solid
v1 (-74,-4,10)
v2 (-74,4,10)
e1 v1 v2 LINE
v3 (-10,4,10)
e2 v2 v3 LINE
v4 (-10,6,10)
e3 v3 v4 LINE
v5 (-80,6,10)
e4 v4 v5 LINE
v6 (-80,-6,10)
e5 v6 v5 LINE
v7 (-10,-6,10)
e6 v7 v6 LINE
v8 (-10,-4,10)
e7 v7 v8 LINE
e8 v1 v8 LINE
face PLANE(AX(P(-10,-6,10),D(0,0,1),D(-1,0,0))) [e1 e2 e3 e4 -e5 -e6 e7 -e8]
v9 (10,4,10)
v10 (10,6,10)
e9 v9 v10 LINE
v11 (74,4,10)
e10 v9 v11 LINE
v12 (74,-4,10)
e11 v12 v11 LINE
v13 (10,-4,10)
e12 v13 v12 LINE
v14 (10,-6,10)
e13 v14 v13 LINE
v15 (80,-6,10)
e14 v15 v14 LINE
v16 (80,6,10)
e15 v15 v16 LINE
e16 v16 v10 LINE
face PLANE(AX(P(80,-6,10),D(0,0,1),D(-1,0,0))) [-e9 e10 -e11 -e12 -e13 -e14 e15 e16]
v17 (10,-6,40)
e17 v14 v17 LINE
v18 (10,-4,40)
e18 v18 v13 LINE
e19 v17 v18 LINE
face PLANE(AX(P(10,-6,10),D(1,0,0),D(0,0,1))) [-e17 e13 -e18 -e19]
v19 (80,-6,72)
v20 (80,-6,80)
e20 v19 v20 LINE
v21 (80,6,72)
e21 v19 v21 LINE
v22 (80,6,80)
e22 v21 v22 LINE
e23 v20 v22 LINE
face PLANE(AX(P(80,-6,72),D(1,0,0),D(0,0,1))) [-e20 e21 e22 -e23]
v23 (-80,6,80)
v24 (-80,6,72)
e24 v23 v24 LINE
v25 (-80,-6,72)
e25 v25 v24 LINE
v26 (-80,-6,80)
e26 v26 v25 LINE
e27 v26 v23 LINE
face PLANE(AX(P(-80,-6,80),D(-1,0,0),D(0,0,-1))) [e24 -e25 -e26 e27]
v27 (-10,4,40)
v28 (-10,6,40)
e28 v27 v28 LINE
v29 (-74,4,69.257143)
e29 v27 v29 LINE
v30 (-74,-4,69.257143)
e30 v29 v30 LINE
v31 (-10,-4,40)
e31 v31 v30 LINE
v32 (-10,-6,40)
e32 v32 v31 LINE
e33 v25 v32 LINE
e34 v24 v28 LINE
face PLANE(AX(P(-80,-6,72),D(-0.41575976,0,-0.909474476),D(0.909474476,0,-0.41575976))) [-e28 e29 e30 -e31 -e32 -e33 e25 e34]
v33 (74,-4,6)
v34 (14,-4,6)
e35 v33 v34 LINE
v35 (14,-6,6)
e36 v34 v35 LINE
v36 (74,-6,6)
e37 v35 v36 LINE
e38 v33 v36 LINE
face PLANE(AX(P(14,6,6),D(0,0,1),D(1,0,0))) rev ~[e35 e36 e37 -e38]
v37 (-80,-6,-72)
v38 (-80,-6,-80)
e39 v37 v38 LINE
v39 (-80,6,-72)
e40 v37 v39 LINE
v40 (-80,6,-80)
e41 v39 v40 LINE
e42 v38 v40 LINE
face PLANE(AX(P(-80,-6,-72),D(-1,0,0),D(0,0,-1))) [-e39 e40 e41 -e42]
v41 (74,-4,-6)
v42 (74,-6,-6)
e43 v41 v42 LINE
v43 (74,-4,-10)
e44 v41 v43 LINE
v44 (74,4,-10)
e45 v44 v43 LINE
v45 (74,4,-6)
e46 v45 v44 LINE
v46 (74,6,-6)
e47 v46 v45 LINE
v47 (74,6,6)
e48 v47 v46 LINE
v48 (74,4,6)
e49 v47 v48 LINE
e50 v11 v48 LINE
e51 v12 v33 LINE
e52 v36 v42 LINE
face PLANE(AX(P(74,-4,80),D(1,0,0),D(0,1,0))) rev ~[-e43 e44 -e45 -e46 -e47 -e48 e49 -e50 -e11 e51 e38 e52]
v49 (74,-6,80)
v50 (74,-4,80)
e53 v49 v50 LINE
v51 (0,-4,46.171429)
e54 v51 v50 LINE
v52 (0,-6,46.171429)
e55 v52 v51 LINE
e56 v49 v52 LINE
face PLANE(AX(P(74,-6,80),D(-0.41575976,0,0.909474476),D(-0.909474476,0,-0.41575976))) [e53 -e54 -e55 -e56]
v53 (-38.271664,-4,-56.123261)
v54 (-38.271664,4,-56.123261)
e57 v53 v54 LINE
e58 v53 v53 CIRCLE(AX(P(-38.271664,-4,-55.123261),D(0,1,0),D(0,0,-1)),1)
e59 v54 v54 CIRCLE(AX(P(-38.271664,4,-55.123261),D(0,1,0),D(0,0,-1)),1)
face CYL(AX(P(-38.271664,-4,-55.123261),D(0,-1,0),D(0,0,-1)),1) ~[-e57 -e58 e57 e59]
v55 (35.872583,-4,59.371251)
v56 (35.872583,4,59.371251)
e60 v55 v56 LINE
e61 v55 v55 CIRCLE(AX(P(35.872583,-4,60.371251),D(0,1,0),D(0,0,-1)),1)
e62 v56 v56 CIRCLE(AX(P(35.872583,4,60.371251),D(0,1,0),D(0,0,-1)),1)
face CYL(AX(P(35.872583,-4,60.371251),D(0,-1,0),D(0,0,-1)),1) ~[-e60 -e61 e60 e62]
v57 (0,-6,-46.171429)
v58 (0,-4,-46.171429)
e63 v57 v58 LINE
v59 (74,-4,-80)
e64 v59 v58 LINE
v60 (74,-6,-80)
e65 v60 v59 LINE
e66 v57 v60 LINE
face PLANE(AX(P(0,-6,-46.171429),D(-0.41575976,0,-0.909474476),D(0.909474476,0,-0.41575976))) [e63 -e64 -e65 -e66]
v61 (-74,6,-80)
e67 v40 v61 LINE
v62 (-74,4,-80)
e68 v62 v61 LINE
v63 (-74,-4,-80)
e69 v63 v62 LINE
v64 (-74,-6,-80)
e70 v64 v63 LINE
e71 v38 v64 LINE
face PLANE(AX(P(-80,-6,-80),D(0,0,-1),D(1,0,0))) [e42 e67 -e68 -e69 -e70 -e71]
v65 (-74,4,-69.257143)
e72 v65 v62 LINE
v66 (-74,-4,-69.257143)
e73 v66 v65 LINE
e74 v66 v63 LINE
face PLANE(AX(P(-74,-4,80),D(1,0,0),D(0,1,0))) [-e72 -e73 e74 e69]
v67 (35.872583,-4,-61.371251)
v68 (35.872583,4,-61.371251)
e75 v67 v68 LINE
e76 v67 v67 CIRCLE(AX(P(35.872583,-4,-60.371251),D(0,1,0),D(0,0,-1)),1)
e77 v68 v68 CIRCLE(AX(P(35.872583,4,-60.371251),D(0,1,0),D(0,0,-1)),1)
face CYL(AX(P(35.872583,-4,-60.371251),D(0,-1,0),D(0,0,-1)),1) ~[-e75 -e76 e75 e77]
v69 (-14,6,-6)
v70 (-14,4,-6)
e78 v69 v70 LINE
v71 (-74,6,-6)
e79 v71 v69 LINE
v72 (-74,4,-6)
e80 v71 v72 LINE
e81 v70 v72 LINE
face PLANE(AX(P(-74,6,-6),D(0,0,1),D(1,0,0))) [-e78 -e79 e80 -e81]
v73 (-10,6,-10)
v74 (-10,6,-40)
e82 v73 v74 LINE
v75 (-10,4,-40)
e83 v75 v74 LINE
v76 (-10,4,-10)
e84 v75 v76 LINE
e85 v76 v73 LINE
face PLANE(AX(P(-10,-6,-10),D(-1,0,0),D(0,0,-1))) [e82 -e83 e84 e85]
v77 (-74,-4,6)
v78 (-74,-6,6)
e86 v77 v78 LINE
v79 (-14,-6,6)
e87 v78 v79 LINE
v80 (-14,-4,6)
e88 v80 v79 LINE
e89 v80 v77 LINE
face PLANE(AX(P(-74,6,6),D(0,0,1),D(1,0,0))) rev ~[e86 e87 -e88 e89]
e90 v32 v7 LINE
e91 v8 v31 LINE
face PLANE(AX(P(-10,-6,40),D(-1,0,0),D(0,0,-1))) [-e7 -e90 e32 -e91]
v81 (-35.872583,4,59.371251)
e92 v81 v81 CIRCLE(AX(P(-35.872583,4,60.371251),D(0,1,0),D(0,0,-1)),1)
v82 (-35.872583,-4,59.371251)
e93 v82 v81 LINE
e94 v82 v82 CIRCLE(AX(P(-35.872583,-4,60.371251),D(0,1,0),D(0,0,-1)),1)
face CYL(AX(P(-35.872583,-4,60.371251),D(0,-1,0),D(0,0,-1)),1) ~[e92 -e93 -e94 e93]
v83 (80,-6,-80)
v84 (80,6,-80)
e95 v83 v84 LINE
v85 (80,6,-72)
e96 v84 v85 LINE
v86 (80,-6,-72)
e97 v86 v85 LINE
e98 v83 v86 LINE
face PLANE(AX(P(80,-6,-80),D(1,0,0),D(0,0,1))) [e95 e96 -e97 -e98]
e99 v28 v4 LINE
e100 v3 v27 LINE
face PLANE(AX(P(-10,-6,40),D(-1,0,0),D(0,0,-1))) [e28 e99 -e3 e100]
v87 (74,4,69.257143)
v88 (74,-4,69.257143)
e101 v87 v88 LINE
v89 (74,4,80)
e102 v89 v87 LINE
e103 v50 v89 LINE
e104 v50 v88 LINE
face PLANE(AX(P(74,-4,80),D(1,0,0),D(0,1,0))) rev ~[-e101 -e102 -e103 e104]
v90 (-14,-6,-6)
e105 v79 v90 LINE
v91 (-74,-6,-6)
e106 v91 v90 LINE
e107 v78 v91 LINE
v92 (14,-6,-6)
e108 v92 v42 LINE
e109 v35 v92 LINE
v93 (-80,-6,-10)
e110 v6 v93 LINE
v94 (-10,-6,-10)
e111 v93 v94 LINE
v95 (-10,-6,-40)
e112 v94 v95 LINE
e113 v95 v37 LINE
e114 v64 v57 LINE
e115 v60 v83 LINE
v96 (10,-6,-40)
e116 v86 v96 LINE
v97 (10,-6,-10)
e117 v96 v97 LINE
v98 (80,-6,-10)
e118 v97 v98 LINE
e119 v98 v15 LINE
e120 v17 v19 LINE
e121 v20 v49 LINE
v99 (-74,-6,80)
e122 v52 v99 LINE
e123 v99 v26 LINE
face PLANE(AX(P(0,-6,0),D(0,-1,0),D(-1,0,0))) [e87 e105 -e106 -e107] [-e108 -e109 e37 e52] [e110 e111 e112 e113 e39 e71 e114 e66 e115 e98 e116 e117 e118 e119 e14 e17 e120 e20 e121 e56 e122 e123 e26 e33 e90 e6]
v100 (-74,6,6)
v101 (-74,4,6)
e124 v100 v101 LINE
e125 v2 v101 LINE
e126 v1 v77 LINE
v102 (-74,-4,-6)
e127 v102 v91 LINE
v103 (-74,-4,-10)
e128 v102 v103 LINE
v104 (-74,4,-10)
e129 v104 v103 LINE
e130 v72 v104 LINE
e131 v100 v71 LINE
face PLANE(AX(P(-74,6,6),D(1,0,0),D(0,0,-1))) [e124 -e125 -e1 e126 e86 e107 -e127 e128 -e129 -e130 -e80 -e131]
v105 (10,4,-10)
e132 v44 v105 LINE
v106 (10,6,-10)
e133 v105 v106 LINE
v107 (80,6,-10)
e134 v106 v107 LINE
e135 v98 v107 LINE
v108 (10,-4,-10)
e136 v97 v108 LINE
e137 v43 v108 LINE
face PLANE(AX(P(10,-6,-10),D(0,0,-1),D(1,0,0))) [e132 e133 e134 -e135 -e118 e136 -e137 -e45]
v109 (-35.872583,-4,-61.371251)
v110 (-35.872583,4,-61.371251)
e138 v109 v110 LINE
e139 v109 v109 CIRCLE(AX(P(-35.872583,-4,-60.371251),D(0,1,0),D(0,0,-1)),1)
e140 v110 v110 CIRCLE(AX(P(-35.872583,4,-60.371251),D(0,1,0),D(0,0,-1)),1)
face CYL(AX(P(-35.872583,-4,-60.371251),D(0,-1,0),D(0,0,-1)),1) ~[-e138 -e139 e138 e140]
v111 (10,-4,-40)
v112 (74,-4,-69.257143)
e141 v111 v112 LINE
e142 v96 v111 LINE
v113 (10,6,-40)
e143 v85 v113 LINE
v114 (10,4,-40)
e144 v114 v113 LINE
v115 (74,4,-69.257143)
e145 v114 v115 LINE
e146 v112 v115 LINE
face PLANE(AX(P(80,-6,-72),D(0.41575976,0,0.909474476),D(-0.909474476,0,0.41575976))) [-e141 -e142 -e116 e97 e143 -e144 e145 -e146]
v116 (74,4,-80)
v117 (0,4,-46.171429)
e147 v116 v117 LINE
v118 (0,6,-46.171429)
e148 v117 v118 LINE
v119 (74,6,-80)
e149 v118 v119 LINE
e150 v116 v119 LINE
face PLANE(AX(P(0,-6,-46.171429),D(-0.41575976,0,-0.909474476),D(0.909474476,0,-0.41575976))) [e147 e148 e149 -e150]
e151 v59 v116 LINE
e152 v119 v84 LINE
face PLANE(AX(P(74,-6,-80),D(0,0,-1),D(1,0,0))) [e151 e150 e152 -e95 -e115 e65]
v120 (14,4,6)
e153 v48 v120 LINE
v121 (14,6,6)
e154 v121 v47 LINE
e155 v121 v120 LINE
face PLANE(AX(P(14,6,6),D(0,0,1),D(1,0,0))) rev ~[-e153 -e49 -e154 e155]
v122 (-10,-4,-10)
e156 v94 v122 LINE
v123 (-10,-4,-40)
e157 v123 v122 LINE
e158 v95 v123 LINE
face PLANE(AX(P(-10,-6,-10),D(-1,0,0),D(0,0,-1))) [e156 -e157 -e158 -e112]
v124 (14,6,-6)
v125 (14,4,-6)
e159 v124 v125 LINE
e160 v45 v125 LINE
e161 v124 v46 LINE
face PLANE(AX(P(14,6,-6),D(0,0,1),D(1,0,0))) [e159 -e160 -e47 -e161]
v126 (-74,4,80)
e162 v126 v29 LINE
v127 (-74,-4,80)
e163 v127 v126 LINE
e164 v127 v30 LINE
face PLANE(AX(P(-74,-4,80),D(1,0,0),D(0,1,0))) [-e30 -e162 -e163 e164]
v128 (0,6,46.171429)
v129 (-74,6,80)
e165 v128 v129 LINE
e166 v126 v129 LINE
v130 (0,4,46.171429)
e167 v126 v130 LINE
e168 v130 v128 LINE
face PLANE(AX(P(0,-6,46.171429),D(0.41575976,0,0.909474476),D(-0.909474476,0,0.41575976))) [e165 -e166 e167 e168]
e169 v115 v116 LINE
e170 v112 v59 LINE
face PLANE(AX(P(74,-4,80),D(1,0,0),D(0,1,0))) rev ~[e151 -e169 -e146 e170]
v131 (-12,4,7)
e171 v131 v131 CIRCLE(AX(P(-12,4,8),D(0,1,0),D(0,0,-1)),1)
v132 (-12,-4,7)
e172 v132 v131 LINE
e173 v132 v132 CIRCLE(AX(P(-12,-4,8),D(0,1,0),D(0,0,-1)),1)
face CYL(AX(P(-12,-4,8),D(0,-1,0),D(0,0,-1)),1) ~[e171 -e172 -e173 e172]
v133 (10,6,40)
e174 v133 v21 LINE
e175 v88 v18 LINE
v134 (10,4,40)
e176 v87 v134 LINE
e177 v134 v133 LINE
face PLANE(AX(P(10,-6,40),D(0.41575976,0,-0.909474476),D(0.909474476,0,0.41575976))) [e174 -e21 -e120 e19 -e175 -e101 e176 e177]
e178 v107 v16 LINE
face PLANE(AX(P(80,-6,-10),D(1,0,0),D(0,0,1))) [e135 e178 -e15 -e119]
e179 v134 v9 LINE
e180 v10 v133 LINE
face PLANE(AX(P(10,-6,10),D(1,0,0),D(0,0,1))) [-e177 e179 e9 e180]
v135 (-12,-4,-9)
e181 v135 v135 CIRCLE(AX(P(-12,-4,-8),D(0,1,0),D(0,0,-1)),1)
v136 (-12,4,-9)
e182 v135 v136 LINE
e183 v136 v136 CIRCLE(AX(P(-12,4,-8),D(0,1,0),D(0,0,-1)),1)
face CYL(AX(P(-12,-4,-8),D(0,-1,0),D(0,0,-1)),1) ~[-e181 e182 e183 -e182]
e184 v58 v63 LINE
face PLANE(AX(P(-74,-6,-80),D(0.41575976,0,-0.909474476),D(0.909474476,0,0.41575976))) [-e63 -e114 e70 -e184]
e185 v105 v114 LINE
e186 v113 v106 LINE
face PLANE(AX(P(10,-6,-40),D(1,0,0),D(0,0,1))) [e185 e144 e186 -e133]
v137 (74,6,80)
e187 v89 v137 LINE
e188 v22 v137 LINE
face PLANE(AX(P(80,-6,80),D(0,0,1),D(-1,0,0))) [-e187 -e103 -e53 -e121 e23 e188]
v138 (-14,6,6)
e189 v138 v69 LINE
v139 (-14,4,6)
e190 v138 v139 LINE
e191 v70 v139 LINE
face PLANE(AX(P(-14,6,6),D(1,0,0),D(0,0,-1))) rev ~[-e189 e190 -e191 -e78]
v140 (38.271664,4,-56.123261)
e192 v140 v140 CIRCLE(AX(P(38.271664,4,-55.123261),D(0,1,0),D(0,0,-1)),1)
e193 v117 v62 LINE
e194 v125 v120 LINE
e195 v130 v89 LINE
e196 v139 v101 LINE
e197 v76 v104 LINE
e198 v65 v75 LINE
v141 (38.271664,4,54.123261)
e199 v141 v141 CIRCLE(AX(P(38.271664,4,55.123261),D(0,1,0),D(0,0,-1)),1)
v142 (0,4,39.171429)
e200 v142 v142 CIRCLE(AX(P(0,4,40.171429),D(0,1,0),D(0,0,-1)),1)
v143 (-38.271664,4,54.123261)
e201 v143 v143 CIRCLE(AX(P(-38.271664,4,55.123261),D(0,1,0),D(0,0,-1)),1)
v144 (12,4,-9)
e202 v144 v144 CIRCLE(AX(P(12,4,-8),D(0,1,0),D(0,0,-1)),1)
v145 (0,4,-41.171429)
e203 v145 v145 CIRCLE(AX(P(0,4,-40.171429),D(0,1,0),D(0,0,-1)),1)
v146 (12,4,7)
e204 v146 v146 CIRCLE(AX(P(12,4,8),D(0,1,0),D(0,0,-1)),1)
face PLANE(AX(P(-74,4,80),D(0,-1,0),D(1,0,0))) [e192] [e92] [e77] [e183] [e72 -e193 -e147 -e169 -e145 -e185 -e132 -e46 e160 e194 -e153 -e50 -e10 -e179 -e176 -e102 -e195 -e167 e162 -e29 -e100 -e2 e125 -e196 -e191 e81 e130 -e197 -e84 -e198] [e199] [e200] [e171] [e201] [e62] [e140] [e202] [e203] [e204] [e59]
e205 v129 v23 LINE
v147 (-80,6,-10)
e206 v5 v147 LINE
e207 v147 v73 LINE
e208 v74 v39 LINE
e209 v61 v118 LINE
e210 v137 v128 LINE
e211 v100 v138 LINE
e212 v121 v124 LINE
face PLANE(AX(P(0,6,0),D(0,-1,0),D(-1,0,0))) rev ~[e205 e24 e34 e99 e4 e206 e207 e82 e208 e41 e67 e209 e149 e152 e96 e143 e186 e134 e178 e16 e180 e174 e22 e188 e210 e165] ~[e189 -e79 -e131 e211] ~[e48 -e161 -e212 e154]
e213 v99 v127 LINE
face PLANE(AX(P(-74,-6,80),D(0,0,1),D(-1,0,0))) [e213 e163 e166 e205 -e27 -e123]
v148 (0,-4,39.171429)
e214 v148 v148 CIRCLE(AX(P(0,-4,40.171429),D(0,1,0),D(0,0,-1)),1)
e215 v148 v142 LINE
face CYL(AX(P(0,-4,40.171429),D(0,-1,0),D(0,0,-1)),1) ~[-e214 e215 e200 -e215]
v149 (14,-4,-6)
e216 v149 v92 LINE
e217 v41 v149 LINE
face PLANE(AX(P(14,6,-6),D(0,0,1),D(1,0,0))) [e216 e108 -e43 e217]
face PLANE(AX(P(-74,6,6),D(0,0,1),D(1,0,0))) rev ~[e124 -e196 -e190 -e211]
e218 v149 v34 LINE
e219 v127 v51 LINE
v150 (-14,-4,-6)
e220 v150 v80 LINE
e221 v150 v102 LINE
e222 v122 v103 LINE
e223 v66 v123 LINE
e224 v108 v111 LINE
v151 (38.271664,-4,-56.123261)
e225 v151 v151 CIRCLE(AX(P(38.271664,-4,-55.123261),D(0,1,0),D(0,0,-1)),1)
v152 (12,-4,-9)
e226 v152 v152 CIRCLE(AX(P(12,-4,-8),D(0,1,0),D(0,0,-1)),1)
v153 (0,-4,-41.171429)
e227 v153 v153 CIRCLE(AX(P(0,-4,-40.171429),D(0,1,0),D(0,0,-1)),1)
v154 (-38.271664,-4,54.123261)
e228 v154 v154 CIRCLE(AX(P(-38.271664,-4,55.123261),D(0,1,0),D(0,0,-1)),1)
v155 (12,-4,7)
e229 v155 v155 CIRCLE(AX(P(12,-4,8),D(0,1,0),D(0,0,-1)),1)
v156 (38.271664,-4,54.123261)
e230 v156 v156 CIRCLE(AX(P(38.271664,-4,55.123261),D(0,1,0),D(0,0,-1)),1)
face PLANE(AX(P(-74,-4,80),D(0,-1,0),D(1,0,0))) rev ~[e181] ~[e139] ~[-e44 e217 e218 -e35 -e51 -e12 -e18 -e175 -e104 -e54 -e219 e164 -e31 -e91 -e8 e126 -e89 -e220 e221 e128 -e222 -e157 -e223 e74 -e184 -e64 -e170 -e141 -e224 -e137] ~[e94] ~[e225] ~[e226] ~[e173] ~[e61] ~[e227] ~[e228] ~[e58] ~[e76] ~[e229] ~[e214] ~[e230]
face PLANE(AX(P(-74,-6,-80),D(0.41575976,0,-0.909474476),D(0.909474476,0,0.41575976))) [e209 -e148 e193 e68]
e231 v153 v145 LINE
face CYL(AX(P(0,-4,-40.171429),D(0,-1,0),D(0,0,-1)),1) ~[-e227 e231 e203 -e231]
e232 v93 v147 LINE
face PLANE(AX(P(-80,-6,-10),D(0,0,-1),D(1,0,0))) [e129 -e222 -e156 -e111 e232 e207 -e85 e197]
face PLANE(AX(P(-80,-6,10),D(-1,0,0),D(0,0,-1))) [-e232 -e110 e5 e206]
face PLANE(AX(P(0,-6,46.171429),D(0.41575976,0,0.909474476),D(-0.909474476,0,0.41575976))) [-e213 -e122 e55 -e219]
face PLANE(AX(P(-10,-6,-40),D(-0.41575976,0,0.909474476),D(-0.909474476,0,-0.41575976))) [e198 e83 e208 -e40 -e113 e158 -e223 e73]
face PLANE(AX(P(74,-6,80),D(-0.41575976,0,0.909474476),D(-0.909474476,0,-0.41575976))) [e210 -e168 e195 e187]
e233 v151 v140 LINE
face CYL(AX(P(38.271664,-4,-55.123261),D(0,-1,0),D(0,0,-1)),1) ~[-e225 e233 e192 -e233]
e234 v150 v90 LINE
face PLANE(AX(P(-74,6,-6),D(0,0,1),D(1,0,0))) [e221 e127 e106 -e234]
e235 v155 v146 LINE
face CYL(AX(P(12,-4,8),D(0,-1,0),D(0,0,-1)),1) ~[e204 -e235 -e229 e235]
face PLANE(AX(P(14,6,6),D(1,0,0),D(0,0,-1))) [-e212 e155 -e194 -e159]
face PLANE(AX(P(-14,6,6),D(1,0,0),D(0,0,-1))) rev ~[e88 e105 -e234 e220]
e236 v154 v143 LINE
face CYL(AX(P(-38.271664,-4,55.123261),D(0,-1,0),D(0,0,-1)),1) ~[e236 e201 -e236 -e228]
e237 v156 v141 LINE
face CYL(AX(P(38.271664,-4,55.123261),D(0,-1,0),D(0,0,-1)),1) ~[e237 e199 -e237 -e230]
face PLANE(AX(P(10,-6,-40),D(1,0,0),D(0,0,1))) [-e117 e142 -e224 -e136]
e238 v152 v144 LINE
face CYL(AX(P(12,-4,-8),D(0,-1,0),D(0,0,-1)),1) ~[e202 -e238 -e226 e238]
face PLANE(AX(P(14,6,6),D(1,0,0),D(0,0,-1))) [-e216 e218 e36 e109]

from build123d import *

# Parameters (mm, degrees)
BOSS_EXTRUDE1_DEPTH      = 6
BOSS_EXTRUDE1_DEPTH_BACK = 6
SKETCH2_W                = 148
SKETCH2_H                = 8
CUT_EXTRUDE1_DEPTH       = 160
SKETCH4_W                = 60
SKETCH4_H                = 12
CUT_EXTRUDE2_DEPTH       = 12
SKETCH5_R                = 1
BOSS_EXTRUDE2_DEPTH      = 8


with BuildPart() as part:
    # Sketch1 → Boss-Extrude1 (new, two sides: drawn at the far end of the back side and taken through both)
    with BuildSketch(Plane(origin=(0, 0, 0), x_dir=(1, 0, 0), z_dir=(0, 1, 0)).offset(-BOSS_EXTRUDE1_DEPTH_BACK)):
        Polygon((80, 10), (80, -10), (10, -10), (10, -40), (80, -72), (80, -80), (74, -80), (0, -46.171428571), (-74, -80), (-80, -80), (-80, -72), (-10, -40), (-10, -10), (-80, -10), (-80, 10), (-10, 10), (-10, 40), (-80, 72), (-80, 80), (-74, 80), (0, 46.171428571), (74, 80), (80, 80), (80, 72), (10, 40), (10, 10), align=None)
    extrude(amount=BOSS_EXTRUDE1_DEPTH + BOSS_EXTRUDE1_DEPTH_BACK)

    # Sketch2 → Cut-Extrude1 (cut)
    with BuildSketch(Plane.XY.offset(80)):
        Rectangle(SKETCH2_W, SKETCH2_H)
    extrude(amount=-CUT_EXTRUDE1_DEPTH, mode=Mode.SUBTRACT)

    # Sketch4 → Cut-Extrude2 (cut)
    with BuildSketch(Plane(origin=(0, 6, 0), x_dir=(1, 0, 0), z_dir=(0, 1, 0))):
        with Locations((-44, 0)):
            Rectangle(SKETCH4_W, SKETCH4_H)
        with Locations((44, 0)):
            Rectangle(SKETCH4_W, SKETCH4_H)
    extrude(amount=-CUT_EXTRUDE2_DEPTH, mode=Mode.SUBTRACT)

    # Sketch5 → Boss-Extrude2 (add)
    with BuildSketch(Plane(origin=(0, -4, 0), x_dir=(1, 0, 0), z_dir=(0, 1, 0))):
        with Locations((-35.87258255, -60.371251291)):
            Circle(SKETCH5_R)
        with Locations((-38.271663698, -55.12326128)):
            Circle(SKETCH5_R)
        with Locations((-12, -8)):
            Circle(SKETCH5_R)
        with Locations((0, -40.171428571)):
            Circle(SKETCH5_R)
        with Locations((12, -8)):
            Circle(SKETCH5_R)
        with Locations((35.87258255, -60.371251291)):
            Circle(SKETCH5_R)
        with Locations((38.271663698, -55.12326128)):
            Circle(SKETCH5_R)
        with Locations((38.271663698, 55.12326128)):
            Circle(SKETCH5_R)
        with Locations((35.87258255, 60.371251291)):
            Circle(SKETCH5_R)
        with Locations((-35.87258255, 60.371251291)):
            Circle(SKETCH5_R)
        with Locations((-38.271663698, 55.12326128)):
            Circle(SKETCH5_R)
        with Locations((0, 40.171428571)):
            Circle(SKETCH5_R)
        with Locations((12, 8)):
            Circle(SKETCH5_R)
        with Locations((-12, 8)):
            Circle(SKETCH5_R)
    extrude(amount=BOSS_EXTRUDE2_DEPTH)


solid = part.part
